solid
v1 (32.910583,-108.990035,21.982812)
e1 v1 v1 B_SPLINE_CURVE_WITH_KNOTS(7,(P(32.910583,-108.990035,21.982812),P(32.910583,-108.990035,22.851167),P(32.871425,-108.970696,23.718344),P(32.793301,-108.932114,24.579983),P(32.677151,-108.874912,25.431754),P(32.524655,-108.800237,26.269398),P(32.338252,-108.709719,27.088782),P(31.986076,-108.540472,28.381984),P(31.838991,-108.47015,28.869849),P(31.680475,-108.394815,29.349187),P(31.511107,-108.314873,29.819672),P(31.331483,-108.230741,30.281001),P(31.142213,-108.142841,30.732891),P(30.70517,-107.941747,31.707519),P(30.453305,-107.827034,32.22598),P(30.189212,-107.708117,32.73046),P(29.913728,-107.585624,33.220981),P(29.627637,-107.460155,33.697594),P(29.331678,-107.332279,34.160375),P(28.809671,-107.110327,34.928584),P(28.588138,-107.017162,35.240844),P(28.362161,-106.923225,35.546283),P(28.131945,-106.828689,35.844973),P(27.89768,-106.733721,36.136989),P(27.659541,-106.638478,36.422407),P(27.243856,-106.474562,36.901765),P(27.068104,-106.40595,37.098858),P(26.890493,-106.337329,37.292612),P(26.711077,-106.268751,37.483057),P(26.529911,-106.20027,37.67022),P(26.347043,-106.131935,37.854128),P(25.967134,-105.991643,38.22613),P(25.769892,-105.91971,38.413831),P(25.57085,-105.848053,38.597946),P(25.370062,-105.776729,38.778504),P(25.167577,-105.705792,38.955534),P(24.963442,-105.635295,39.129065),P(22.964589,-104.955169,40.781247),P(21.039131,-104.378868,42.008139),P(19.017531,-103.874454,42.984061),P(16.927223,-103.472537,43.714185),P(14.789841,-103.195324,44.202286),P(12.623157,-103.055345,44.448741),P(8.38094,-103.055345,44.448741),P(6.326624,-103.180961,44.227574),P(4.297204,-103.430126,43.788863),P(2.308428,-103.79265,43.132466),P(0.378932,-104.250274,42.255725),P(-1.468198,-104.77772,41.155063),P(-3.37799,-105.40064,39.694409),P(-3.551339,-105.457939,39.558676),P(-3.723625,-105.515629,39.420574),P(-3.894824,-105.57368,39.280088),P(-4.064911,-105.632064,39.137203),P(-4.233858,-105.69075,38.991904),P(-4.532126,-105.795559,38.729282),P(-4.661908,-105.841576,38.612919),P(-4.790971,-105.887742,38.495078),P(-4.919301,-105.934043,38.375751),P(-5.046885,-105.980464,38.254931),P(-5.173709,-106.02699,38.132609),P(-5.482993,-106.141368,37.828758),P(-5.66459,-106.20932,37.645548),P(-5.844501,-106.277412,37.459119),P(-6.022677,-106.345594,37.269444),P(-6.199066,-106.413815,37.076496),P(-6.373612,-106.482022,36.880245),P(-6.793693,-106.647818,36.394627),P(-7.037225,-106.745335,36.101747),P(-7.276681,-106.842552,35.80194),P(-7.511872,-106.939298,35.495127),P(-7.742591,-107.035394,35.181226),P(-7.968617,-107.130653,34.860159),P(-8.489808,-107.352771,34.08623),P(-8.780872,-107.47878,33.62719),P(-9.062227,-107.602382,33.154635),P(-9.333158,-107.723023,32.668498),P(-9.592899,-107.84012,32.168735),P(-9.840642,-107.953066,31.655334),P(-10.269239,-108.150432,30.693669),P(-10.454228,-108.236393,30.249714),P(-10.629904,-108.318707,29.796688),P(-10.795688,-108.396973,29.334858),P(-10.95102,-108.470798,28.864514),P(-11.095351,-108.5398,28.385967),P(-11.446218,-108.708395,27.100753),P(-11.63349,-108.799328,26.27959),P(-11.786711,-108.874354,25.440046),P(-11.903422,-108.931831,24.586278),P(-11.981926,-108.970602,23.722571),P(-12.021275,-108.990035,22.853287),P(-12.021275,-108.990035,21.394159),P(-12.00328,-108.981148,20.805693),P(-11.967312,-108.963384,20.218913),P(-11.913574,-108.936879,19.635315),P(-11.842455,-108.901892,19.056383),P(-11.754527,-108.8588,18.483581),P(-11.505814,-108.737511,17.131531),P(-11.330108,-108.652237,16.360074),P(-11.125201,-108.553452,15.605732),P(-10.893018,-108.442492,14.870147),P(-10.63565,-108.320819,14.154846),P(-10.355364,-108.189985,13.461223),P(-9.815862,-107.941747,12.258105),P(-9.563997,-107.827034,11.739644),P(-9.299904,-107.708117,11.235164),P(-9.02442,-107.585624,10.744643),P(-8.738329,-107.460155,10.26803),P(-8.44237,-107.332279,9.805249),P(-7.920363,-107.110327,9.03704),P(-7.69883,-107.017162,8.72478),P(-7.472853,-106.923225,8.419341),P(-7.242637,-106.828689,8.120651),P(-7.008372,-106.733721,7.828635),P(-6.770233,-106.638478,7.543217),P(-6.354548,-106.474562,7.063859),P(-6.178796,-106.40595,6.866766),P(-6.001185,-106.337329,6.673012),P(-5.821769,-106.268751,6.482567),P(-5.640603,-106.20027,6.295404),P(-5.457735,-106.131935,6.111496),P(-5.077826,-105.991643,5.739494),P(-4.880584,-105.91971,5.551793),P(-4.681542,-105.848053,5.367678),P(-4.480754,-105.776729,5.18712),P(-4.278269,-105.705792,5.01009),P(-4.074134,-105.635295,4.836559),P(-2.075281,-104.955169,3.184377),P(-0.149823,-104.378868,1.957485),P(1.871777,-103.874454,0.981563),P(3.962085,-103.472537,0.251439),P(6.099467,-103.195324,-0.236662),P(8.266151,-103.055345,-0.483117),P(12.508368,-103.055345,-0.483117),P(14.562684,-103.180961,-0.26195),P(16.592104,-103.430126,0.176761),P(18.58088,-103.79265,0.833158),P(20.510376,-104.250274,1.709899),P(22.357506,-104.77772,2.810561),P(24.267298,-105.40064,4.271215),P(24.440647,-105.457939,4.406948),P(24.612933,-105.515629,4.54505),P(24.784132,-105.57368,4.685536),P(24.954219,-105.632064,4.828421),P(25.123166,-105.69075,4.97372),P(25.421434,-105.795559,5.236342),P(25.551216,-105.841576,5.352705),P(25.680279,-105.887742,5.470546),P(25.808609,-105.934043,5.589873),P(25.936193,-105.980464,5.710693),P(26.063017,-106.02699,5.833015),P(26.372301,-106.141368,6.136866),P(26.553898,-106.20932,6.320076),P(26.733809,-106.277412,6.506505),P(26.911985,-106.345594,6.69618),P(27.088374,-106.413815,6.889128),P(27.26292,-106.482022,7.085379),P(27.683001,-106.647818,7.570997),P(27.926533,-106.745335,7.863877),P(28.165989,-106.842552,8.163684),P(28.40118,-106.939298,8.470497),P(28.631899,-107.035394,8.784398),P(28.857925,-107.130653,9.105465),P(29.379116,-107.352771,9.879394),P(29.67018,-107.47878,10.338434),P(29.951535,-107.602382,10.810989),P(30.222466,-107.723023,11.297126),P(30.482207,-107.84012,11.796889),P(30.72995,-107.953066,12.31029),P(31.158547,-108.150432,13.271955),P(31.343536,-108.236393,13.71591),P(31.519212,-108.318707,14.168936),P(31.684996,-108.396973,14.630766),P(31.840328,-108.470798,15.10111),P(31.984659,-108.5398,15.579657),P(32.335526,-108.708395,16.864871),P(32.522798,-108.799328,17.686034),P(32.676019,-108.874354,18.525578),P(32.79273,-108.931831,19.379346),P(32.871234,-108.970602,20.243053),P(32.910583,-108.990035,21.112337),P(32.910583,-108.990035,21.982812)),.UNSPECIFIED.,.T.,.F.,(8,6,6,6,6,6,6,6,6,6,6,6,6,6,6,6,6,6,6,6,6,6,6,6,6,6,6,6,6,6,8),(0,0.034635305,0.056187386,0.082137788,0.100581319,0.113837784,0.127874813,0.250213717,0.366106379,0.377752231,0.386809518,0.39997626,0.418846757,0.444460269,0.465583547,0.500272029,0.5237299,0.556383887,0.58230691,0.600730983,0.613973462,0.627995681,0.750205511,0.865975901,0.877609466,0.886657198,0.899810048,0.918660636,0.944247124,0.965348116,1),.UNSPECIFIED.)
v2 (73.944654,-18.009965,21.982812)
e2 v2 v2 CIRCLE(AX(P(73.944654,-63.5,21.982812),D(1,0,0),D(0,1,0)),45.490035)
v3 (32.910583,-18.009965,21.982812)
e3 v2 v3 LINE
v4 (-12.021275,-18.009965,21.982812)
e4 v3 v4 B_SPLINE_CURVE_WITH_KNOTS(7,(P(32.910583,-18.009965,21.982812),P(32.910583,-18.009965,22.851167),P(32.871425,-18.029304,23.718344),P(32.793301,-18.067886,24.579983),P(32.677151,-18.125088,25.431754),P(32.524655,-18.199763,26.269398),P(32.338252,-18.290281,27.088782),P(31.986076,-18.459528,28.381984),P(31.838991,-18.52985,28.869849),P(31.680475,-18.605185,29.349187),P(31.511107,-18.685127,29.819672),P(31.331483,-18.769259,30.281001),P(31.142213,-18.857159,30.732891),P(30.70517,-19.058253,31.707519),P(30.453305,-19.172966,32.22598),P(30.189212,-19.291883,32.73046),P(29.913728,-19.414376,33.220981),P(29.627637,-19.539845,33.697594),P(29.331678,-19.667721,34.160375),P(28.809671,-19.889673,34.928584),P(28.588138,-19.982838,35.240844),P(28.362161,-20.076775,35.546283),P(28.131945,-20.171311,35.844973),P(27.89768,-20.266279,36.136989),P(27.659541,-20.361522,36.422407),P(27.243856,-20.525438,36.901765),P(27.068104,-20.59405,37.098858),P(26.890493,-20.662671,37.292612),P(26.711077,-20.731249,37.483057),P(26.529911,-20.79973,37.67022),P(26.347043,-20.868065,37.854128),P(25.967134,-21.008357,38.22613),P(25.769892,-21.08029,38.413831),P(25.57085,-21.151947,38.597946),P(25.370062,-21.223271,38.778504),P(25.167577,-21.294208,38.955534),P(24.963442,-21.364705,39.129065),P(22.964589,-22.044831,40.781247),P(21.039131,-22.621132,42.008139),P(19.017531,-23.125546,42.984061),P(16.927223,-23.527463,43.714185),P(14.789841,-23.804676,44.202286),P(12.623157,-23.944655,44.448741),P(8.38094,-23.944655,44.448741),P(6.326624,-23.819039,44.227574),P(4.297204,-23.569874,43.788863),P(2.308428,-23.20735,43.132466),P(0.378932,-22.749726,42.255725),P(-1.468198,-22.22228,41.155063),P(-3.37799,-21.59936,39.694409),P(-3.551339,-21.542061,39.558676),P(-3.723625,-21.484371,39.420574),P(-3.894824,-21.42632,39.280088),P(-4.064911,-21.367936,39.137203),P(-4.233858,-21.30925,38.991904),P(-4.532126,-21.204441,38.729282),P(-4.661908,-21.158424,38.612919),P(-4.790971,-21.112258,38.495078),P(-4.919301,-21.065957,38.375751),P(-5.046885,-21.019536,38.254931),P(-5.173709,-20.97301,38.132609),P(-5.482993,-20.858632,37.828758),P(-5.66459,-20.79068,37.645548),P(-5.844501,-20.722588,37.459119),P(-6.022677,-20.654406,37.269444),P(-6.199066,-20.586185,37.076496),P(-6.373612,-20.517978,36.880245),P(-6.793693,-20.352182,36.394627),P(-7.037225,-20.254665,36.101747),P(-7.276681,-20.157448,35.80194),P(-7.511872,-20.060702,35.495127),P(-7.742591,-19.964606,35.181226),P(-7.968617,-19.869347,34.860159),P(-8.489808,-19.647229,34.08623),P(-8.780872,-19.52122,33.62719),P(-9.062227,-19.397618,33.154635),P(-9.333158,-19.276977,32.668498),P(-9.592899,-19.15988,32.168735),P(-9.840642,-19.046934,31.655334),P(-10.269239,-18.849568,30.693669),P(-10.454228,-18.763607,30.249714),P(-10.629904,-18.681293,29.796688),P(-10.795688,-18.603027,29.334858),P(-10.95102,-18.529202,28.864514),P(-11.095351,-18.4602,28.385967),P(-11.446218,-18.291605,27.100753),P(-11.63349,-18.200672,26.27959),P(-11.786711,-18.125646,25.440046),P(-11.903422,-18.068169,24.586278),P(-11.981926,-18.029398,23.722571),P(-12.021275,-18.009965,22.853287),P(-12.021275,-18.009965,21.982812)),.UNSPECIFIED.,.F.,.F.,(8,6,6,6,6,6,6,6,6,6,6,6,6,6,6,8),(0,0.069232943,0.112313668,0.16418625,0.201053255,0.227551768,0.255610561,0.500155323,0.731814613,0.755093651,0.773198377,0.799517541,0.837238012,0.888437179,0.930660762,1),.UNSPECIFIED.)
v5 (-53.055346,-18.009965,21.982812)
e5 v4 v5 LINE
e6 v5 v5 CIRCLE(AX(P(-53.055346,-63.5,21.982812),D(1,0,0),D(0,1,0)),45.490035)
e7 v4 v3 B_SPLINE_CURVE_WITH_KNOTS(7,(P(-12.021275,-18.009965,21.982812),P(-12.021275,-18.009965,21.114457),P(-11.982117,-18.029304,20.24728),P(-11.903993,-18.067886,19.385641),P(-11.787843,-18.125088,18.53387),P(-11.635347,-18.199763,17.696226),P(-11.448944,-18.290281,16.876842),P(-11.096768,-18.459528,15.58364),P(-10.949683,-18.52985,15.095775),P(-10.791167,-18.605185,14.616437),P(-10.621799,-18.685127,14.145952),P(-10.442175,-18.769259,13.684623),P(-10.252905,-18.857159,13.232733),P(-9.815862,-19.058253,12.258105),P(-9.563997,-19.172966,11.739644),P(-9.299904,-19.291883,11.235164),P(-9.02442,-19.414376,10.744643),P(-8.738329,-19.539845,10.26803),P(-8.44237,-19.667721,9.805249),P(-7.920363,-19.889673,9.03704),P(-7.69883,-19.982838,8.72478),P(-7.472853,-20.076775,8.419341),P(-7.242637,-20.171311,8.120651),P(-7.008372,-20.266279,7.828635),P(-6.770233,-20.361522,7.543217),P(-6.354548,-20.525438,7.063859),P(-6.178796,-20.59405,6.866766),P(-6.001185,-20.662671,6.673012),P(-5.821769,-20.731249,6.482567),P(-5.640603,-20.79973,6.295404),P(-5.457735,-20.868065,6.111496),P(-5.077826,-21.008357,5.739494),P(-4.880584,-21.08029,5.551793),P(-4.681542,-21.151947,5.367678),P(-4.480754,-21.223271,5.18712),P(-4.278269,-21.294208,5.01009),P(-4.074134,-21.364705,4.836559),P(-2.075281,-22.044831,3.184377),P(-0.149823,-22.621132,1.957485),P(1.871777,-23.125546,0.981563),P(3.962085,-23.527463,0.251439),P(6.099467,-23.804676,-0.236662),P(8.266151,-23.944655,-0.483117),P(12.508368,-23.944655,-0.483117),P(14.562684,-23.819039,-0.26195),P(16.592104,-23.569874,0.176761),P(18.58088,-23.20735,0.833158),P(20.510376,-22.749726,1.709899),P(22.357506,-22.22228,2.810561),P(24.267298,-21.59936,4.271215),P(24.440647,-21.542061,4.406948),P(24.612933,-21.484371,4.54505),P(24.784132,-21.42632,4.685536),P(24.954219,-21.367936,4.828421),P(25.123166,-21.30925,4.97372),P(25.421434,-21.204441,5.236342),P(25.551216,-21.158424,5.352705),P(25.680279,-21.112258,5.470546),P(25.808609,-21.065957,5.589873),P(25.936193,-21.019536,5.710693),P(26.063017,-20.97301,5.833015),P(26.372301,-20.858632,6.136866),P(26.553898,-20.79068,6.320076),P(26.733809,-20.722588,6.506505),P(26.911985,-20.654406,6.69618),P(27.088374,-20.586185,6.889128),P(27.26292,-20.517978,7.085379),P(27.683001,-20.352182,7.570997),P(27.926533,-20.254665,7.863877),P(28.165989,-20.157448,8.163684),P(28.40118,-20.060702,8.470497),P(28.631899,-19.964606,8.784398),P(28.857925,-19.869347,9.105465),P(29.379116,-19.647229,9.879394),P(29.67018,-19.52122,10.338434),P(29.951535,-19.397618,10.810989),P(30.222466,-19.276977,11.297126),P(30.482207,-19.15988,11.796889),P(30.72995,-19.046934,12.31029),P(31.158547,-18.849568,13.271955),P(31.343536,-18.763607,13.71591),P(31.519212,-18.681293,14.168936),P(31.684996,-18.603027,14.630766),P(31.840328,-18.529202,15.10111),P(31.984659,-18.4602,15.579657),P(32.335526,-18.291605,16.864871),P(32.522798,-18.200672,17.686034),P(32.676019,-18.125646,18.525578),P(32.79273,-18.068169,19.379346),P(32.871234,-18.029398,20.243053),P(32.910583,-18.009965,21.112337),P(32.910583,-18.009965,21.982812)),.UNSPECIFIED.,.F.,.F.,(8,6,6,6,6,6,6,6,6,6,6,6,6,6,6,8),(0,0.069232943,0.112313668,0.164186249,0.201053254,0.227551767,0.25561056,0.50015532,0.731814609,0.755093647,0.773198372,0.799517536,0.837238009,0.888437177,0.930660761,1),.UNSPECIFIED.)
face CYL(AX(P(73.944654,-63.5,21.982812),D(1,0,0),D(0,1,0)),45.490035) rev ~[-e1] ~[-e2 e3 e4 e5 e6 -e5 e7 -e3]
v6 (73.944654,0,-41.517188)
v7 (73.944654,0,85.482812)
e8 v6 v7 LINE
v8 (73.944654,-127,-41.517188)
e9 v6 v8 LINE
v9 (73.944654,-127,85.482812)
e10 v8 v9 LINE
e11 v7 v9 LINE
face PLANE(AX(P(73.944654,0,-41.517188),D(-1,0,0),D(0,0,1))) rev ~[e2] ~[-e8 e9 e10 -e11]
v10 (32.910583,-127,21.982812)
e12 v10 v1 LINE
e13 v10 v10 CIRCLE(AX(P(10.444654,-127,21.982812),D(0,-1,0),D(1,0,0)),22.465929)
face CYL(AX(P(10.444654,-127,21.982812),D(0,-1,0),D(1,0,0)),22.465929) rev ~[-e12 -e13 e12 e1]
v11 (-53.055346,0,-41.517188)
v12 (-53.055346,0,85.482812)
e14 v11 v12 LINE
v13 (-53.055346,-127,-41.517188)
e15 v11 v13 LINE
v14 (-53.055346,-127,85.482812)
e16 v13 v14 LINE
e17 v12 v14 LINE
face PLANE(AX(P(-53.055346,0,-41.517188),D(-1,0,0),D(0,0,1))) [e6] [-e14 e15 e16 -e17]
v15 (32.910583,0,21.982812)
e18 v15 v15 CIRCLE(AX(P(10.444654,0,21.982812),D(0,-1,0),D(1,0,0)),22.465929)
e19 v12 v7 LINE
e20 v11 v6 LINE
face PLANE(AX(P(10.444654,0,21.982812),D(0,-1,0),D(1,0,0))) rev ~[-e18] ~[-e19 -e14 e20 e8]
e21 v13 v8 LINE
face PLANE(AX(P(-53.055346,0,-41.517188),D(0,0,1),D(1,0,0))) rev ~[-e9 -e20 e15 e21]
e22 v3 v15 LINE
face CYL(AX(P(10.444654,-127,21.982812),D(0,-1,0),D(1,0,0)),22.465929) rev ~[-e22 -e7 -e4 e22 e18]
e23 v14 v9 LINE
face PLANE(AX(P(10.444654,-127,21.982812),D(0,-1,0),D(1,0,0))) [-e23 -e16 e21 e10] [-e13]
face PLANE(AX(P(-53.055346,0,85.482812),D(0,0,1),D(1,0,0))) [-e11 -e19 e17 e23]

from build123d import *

# Parameters (mm, degrees)
F0_W     = 127
F0_H     = 127
F1_DEPTH = 127
F2_R     = 22.465929
F3_DEPTH = 145.034
F4_R     = 45.490035
F5_DEPTH = 141.478


with BuildPart() as f1:
    # F0 (on Front) → F1 (new body)
    with BuildSketch(Plane.XZ):
        with Locations((10.444654, 21.982812)):
            Rectangle(F0_W, F0_H)
    extrude(amount=F1_DEPTH)

    # F2 (on face) → F3 (cut)
    with BuildSketch(Plane.XZ.offset(127)):
        with Locations((10.444654, 21.982812)):
            Circle(F2_R)
    extrude(amount=-F3_DEPTH, mode=Mode.SUBTRACT)

    # F4 (on face) → F5 (cut)
    with BuildSketch(Plane.YZ.offset(73.944654)):
        with Locations((-63.5, 21.982812)):
            Circle(F4_R)
    extrude(amount=-F5_DEPTH, mode=Mode.SUBTRACT)


solid = f1.part
